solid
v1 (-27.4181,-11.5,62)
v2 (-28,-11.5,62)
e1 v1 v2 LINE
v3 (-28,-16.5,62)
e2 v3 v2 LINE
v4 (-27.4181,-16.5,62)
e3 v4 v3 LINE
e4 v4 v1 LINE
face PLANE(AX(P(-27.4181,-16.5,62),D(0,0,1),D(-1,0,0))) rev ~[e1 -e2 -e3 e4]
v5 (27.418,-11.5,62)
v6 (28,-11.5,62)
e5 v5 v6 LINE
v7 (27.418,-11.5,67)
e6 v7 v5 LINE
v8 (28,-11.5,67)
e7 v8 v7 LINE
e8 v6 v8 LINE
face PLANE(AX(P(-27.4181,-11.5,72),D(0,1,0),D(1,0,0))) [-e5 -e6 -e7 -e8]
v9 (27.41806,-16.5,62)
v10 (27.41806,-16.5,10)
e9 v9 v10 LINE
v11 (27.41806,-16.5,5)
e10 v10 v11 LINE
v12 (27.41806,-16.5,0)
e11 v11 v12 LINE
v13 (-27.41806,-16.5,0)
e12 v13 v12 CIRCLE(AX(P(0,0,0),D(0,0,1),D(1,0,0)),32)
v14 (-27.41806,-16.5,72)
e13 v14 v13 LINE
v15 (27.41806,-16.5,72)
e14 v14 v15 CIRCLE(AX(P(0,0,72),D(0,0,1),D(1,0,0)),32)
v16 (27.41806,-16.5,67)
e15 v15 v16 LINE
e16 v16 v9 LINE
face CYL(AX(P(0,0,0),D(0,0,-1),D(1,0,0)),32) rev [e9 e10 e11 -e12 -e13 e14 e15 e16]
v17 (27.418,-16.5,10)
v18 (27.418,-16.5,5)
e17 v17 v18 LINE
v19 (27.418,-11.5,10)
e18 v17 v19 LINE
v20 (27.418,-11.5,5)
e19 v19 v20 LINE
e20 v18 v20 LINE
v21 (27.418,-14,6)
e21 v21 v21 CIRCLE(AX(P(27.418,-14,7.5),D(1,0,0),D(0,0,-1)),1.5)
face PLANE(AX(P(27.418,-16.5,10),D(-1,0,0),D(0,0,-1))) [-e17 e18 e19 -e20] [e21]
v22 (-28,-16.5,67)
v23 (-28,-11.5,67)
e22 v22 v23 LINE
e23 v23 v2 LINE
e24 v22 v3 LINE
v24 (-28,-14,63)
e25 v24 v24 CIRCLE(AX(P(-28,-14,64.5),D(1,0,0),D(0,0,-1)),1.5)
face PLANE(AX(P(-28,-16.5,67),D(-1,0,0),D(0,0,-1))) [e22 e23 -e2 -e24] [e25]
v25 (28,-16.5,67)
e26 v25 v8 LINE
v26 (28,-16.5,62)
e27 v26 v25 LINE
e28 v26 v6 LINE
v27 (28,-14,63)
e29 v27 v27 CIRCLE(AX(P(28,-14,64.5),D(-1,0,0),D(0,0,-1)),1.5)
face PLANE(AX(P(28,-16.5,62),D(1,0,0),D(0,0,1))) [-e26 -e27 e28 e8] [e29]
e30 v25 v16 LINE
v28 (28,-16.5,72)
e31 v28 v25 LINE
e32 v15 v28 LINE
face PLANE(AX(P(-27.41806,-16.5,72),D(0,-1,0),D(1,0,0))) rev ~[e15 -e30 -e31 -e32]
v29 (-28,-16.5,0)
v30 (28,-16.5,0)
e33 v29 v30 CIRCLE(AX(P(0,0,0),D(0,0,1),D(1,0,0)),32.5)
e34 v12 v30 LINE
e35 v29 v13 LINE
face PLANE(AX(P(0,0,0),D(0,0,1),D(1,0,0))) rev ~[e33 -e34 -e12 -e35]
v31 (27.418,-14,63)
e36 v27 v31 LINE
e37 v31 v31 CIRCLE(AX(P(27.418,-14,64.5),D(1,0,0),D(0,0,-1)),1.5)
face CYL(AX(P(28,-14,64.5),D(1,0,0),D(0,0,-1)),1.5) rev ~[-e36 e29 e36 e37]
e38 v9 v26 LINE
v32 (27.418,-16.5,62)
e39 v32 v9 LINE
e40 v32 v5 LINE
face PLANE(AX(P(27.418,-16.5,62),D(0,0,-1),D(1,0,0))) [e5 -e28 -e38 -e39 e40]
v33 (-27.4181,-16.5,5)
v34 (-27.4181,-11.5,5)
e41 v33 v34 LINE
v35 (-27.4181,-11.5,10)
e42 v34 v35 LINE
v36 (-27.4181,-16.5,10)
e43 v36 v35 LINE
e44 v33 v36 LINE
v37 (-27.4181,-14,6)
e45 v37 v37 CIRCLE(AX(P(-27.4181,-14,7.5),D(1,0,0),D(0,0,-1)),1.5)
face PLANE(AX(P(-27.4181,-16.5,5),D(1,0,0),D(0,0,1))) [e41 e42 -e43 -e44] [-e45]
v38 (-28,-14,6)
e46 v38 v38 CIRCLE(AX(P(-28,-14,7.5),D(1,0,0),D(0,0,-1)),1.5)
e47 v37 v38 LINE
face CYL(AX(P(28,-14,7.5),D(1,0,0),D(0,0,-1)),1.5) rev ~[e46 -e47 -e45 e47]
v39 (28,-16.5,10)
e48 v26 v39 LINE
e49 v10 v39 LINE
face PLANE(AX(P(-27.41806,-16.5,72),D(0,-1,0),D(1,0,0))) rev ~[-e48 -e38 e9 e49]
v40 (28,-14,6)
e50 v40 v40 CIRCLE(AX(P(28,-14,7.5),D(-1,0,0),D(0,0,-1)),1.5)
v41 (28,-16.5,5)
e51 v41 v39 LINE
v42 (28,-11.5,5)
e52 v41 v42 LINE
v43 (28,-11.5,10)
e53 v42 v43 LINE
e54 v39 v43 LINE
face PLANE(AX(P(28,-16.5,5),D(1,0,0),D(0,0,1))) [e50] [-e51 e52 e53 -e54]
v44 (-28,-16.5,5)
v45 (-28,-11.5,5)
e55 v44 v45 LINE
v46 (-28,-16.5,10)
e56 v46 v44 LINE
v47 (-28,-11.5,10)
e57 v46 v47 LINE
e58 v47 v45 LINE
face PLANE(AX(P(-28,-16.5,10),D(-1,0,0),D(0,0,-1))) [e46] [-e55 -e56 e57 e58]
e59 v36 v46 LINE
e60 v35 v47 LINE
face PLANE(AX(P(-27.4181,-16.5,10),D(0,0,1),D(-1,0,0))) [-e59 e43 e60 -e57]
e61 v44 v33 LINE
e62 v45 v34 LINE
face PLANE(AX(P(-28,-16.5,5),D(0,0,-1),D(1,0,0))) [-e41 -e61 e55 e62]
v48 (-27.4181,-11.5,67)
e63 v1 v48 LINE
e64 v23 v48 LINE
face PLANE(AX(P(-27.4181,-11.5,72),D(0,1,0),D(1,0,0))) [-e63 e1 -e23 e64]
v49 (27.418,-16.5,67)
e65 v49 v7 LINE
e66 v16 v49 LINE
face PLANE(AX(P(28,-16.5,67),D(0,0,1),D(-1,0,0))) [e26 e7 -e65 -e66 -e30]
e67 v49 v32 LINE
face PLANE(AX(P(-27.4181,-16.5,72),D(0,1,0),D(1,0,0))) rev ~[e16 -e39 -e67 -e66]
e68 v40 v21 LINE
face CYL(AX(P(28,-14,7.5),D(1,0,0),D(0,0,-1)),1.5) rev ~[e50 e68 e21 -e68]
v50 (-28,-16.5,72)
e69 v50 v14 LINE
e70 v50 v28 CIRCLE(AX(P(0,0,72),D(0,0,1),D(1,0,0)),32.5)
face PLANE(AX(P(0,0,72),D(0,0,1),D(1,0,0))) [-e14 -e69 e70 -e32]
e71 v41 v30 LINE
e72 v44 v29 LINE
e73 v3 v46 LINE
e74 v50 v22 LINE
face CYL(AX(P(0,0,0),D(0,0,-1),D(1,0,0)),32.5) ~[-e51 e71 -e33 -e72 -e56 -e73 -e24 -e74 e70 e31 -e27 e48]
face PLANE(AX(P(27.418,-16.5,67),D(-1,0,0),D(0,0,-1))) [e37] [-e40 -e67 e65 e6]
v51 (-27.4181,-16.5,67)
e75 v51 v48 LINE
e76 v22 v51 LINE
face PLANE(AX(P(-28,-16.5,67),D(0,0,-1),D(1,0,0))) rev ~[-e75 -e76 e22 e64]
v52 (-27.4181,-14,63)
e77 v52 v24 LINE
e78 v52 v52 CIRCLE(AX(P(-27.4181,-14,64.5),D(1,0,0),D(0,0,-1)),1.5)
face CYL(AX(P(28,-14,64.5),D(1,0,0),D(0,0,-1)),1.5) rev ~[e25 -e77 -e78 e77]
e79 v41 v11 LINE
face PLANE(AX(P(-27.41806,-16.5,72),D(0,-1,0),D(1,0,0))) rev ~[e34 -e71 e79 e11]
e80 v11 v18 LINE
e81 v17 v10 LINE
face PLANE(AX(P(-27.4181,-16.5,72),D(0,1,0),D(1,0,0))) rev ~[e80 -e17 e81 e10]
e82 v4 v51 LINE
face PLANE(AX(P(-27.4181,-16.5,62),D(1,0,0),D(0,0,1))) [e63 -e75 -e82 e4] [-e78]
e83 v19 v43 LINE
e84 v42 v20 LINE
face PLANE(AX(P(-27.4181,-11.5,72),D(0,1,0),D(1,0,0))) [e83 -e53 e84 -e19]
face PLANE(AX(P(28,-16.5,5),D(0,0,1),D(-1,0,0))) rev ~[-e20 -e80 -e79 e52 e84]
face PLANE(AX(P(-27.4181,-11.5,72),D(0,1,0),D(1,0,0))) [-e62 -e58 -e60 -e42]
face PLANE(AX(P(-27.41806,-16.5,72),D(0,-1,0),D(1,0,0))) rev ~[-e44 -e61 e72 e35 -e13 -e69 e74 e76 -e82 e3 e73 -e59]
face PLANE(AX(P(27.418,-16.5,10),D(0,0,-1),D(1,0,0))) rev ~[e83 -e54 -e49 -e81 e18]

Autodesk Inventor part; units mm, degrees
ref_plane "YZ Plane" through (0, 0, 0) normal (1, 0, 0) x (0, 1, 0)
ref_plane "XZ Plane" through (0, 0, 0) normal (0, 1, 0) x (-1, 0, 0)
ref_plane "XY Plane" through (0, 0, 0) normal (0, 0, 1) x (1, 0, 0)
sketch "Szkic1" plane through (0, 0, 0) normal (0, 0, 1) x (1, 0, 0)
  circle A0 centre (0, 0) radius 32.5
  circle A1 centre (0, 0) radius 32
  dimension "d0" = 65
  dimension "d1" = 64
extrude "Wyciągnięcie proste1" add sketch "Szkic1" along normal blind 72
sketch "Szkic2" plane through (0, 0, 72) normal (0, 0, 1) x (1, 0, 0)
  line L0 (0, 0) -> (-28, 0)
  line L1 (-28, 0) -> (-28, 15.4919)
  circle A0 centre (0, 0) radius 32 projected
  line L2 (-28, 0) -> (-28, -16.5)
  circle A1 centre (0, 0) radius 32.5 projected
  line L3 (-28, -16.5) -> (28, -16.5)
  line L4 (52.8927, -0.6882) -> (26.703, 44.9724)
  line L5 (26.703, 44.9724) -> (-31.7097, 42.3671)
  line L6 (-31.7097, 42.3671) -> (-48.5067, -13.9887)
  line L7 (-48.5067, -13.9887) -> (-28, -16.5)
  line L8 (28, -16.5) -> (52.8927, -0.6882)
  dimension "d4" = 28
extrude "Wyciągnięcie proste2" cut sketch "Szkic2" against normal blind 77 contours L2 A0 L1 | L1 A0 L3 L2 | A0 L2 A1 L3 | A0 L3 L2 | L7 L6 L5 L4 L8 A1
sketch "Szkic3" plane through (-27.4181, -16.5, 72) normal (0, 1, 0) x (1, 0, 0)
  line L0 (-0.5819, 0) -> (55.4181, 0) projected
  line L1 (-0.5819, 0) -> (-0.5819, 5)
  line L2 (-0.5819, 0) -> (-0.5819, 72) projected
  line L3 (-0.5819, 5) -> (0, 5)
  line L4 (0, 72) -> (0, 0) projected
  line L5 (0, 5) -> (0, 10)
  line L6 (0, 10) -> (-0.5819, 10)
  line L7 (-0.5819, 10) -> (-0.5819, 5)
  line L8 (-0.5819, 72) -> (55.4181, 72) projected
  line L9 (-0.5819, 72) -> (-0.5819, 67)
  line L10 (-0.5819, 67) -> (0, 67)
  line L11 (0, 67) -> (0, 62)
  line L12 (0, 62) -> (-0.5819, 62)
  line L13 (-0.5819, 62) -> (-0.5819, 67)
  line L14 (55.4181, 72) -> (55.4181, 67)
  line L15 (55.4181, 72) -> (55.4181, 0) projected
  line L16 (55.4181, 67) -> (54.8361, 67)
  line L17 (54.8361, 0) -> (54.8361, 72) projected
  line L18 (54.8361, 67) -> (54.8361, 62)
  line L19 (54.8361, 62) -> (55.4181, 62)
  line L20 (55.4181, 62) -> (55.4181, 67)
  line L21 (55.4181, 0) -> (55.4181, 5)
  line L22 (55.4181, 5) -> (54.8361, 5)
  line L23 (54.8361, 5) -> (54.8361, 10)
  line L24 (54.8361, 10) -> (55.4181, 10)
  line L25 (55.4181, 10) -> (55.4181, 5)
  point P0 (27.4181, 72)
  point P1 (-0.5819, 62)
  point P2 (0, 62)
  point P3 (0, 67)
  point P4 (-0.5819, 67)
  dimension "d7" = 5
  dimension "d8" = 5
  dimension "d9" = 5
  dimension "d10" = 5
  dimension "d11" = 5
  dimension "d12" = 5
  dimension "d13" = 5
  dimension "d14" = 5
extrude "Wyciągnięcie proste3" add sketch "Szkic3" along normal blind 5 contours L2 L6 L4 L3 | L17 L24 L15 L22 | L2 L10 L4 L12 | L17 L16 L15 L19
sketch "Szkic4" plane through (28, -16.5, 62) normal (1, 0, 0) x (0, 0, -1)
  line L0 (52, 0) -> (52, 5) projected
  line L1 (57, 0) -> (57, 5) projected
  line L2 (52, 0) -> (57, 5)
  line L3 (57, 5) -> (52, 5) projected
  line L4 (57, 5) -> (52, 5)
  line L5 (52, 5) -> (57, 0)
  line L6 (0, 0) -> (-5, 0) projected
  line L7 (-5, 5) -> (0, 5) projected
  line L8 (-5, 0) -> (0, 5)
  line L9 (0, 5) -> (-5, 5)
  line L10 (-5, 5) -> (0, 0)
  circle A0 centre (-2.5, 2.5) radius 1.5
  circle A1 centre (54.5, 2.5) radius 1.5
  point P0 (62, 16.5)
  dimension "d17" = 3
  dimension "d18" = 3
extrude "Wyciągnięcie proste4" cut sketch "Szkic4" against normal up to surface (56 mm away) contours A1 L5 L2 | L2 L5 A1 | A1 L2 L5 | L2 A1 L5 | A0 L8 L10 | L10 L8 A0 | A0 L10 L8 | L10 A0 L8
properties part number "Obudowa, mniejsza"
